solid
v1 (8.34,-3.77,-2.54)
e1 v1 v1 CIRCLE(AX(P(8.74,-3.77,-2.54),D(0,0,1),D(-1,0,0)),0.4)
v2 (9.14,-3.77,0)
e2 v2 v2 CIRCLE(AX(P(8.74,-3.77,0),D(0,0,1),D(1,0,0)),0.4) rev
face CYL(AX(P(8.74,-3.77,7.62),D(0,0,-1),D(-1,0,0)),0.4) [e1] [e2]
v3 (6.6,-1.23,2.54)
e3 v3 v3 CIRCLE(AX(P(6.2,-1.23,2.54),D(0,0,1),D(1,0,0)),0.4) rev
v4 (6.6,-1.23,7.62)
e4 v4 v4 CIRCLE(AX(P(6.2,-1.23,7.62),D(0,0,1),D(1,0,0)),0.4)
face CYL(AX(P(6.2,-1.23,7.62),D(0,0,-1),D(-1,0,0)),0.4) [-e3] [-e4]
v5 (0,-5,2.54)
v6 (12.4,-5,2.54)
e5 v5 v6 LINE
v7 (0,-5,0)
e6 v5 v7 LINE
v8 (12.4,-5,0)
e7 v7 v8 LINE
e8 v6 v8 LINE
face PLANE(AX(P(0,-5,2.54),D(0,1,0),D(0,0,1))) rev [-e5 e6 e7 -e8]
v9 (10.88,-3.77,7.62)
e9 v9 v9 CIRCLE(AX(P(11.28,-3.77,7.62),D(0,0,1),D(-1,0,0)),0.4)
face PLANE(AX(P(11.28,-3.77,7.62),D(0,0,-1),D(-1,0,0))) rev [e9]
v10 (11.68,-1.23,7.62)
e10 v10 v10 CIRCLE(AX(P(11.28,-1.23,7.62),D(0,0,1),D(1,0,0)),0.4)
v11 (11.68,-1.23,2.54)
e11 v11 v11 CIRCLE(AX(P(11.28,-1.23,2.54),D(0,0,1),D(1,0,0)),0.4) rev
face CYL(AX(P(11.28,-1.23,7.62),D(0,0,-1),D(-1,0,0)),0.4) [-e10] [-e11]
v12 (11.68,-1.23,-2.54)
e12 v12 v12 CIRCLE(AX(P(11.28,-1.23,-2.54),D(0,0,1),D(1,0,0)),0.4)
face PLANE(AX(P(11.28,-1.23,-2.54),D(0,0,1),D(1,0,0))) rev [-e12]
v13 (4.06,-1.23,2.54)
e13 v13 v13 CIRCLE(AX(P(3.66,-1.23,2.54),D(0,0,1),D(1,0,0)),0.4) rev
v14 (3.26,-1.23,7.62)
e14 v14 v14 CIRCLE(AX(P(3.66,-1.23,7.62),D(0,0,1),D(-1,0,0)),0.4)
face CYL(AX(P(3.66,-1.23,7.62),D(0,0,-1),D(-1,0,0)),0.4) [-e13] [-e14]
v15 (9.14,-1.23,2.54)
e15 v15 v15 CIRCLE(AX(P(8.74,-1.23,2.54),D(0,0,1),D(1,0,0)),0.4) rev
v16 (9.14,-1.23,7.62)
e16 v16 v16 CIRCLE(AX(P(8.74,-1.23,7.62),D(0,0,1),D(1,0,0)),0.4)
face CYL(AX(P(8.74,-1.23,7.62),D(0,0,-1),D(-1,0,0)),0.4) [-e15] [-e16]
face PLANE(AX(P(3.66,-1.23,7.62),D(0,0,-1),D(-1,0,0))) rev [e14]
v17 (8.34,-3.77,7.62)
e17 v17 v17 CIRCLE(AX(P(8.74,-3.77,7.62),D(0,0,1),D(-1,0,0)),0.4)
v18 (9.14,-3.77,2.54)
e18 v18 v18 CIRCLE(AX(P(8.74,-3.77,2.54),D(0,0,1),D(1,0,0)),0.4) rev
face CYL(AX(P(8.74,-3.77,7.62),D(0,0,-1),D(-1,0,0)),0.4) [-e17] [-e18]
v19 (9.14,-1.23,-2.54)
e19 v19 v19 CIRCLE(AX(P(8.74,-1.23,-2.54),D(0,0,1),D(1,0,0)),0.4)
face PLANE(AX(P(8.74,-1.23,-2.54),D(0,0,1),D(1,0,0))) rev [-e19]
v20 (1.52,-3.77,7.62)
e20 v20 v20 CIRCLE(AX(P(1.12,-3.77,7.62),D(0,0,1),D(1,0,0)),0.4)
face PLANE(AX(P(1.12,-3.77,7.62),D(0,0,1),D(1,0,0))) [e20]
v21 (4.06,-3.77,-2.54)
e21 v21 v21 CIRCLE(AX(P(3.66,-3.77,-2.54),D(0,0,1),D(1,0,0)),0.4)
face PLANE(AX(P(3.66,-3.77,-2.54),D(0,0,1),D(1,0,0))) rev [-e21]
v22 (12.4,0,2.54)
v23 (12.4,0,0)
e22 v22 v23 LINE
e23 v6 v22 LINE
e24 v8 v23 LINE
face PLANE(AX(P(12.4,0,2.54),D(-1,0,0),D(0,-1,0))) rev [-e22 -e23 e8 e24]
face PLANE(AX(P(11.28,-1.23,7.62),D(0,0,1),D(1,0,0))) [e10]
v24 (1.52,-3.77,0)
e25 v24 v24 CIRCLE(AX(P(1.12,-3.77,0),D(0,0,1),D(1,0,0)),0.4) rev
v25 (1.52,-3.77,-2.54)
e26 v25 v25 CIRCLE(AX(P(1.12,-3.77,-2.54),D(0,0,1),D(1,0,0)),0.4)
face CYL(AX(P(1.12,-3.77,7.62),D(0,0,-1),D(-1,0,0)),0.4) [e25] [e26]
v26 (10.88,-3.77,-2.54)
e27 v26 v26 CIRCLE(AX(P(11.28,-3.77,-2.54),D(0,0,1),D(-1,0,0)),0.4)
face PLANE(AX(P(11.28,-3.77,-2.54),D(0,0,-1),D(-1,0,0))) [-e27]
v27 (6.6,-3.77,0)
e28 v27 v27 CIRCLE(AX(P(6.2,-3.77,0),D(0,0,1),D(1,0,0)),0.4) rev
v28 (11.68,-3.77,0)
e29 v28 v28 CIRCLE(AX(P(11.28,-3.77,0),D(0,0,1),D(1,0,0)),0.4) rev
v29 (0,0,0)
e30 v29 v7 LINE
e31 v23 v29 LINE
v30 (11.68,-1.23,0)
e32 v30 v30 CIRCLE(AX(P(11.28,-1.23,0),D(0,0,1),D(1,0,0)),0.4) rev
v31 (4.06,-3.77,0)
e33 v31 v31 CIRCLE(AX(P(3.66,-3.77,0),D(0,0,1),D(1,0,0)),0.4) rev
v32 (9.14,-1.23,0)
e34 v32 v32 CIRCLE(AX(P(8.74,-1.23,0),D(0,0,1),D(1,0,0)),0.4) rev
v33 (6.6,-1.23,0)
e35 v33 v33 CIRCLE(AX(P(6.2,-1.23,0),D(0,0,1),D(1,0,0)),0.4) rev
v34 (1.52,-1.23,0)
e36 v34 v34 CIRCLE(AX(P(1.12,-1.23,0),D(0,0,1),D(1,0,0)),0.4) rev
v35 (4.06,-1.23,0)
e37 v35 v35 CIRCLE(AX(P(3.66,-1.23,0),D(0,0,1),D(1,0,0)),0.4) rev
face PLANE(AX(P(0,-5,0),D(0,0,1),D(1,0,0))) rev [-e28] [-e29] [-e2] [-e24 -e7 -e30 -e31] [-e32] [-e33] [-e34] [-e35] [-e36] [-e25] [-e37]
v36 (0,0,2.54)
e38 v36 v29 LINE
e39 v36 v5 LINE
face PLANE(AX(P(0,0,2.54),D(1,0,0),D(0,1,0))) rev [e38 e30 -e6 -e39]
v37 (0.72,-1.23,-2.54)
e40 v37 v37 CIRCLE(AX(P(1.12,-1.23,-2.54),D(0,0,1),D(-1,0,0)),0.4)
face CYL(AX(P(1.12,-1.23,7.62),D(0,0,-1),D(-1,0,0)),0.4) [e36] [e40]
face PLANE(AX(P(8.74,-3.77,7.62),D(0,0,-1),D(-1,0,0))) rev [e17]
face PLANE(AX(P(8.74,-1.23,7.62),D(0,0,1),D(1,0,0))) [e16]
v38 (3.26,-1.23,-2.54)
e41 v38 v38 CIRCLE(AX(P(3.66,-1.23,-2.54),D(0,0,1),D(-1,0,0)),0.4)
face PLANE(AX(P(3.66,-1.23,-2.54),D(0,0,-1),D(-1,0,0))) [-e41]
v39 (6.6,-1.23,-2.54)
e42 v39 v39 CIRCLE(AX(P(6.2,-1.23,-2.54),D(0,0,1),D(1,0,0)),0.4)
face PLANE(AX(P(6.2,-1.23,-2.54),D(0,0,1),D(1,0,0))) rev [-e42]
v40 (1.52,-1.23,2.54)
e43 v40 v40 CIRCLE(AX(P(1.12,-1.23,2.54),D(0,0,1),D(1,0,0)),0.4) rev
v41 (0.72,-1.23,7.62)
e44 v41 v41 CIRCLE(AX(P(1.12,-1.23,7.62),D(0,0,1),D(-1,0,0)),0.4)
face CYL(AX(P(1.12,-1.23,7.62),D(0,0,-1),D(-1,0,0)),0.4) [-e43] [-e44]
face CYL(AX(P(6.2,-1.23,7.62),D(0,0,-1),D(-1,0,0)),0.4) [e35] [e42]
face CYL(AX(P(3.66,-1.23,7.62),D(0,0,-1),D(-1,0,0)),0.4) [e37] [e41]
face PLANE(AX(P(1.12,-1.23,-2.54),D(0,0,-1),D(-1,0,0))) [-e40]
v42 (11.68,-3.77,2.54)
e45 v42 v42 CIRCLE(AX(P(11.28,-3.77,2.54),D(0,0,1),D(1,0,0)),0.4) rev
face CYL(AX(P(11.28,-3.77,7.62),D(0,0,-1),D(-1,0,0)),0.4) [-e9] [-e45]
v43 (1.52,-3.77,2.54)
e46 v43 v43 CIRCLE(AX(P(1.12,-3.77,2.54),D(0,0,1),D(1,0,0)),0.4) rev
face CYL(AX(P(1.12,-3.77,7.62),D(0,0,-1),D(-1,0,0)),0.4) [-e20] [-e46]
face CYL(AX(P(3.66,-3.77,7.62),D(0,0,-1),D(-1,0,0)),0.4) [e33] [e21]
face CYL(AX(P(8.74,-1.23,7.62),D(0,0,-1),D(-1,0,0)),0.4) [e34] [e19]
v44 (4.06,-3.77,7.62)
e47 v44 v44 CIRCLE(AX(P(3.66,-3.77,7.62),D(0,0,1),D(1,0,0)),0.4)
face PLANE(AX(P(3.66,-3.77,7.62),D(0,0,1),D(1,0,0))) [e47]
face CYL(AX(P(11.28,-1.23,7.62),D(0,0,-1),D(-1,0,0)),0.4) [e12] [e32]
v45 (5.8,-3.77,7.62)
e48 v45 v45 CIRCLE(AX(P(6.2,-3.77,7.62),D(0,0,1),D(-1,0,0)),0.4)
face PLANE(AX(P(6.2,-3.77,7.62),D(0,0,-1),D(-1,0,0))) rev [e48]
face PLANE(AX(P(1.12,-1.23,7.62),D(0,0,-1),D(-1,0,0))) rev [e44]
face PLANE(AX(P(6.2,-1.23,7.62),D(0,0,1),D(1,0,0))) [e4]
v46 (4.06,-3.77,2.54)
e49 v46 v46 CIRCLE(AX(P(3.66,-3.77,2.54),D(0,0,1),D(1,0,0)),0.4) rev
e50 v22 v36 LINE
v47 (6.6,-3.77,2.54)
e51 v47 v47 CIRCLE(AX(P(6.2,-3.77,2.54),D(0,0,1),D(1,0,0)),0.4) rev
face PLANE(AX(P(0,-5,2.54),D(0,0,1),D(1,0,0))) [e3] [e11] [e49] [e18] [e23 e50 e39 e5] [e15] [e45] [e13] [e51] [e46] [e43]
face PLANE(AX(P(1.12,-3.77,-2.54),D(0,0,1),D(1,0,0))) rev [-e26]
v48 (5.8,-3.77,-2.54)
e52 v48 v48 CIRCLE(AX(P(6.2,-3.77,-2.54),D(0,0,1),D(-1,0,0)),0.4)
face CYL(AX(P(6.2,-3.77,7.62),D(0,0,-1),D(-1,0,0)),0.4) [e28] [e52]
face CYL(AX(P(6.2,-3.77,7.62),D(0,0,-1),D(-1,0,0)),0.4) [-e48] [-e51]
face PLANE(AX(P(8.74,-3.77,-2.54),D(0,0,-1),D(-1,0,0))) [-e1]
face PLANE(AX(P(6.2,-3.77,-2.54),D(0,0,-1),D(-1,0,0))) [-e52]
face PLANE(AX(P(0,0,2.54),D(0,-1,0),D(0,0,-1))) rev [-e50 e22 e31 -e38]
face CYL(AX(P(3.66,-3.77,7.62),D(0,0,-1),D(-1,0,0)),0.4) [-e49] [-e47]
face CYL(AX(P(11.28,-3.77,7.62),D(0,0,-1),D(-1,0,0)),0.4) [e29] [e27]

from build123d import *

# Parameters (mm, degrees)
SKETCH_1_W      = 12.4
SKETCH_1_H      = 5
EXTRUDE_1_DEPTH = 2.54
SKETCH_2_R      = 0.4
EXTRUDE_2_DEPTH = 5.08


with BuildPart() as part:
    # 草图1 → 凸台-拉伸1 (new body)
    with BuildSketch(Plane.XY):
        with Locations((6.2, -2.5)):
            Rectangle(SKETCH_1_W, SKETCH_1_H)
    extrude(amount=EXTRUDE_1_DEPTH)

    # 草图2 → 凸台-拉伸2 (add, symmetric)
    with BuildSketch(Plane.XY.offset(2.54)):
        with Locations((6.2, -1.23)):
            Circle(SKETCH_2_R)
        with Locations((8.74, -1.23)):
            Circle(SKETCH_2_R)
        with Locations((11.28, -1.23)):
            Circle(SKETCH_2_R)
        with Locations(Location((1.12, -1.23, 0), (0, 0, 180))):
            Circle(SKETCH_2_R)
        with Locations(Location((3.66, -1.23, 0), (0, 0, 180))):
            Circle(SKETCH_2_R)
        with Locations(Location((11.28, -3.77, 0), (0, 0, 180))):
            Circle(SKETCH_2_R)
        with Locations(Location((8.74, -3.77, 0), (0, 0, 180))):
            Circle(SKETCH_2_R)
        with Locations(Location((6.2, -3.77, 0), (0, 0, 180))):
            Circle(SKETCH_2_R)
        with Locations((3.66, -3.77)):
            Circle(SKETCH_2_R)
        with Locations((1.12, -3.77)):
            Circle(SKETCH_2_R)
    extrude(amount=EXTRUDE_2_DEPTH, both=True)


solid = part.part
